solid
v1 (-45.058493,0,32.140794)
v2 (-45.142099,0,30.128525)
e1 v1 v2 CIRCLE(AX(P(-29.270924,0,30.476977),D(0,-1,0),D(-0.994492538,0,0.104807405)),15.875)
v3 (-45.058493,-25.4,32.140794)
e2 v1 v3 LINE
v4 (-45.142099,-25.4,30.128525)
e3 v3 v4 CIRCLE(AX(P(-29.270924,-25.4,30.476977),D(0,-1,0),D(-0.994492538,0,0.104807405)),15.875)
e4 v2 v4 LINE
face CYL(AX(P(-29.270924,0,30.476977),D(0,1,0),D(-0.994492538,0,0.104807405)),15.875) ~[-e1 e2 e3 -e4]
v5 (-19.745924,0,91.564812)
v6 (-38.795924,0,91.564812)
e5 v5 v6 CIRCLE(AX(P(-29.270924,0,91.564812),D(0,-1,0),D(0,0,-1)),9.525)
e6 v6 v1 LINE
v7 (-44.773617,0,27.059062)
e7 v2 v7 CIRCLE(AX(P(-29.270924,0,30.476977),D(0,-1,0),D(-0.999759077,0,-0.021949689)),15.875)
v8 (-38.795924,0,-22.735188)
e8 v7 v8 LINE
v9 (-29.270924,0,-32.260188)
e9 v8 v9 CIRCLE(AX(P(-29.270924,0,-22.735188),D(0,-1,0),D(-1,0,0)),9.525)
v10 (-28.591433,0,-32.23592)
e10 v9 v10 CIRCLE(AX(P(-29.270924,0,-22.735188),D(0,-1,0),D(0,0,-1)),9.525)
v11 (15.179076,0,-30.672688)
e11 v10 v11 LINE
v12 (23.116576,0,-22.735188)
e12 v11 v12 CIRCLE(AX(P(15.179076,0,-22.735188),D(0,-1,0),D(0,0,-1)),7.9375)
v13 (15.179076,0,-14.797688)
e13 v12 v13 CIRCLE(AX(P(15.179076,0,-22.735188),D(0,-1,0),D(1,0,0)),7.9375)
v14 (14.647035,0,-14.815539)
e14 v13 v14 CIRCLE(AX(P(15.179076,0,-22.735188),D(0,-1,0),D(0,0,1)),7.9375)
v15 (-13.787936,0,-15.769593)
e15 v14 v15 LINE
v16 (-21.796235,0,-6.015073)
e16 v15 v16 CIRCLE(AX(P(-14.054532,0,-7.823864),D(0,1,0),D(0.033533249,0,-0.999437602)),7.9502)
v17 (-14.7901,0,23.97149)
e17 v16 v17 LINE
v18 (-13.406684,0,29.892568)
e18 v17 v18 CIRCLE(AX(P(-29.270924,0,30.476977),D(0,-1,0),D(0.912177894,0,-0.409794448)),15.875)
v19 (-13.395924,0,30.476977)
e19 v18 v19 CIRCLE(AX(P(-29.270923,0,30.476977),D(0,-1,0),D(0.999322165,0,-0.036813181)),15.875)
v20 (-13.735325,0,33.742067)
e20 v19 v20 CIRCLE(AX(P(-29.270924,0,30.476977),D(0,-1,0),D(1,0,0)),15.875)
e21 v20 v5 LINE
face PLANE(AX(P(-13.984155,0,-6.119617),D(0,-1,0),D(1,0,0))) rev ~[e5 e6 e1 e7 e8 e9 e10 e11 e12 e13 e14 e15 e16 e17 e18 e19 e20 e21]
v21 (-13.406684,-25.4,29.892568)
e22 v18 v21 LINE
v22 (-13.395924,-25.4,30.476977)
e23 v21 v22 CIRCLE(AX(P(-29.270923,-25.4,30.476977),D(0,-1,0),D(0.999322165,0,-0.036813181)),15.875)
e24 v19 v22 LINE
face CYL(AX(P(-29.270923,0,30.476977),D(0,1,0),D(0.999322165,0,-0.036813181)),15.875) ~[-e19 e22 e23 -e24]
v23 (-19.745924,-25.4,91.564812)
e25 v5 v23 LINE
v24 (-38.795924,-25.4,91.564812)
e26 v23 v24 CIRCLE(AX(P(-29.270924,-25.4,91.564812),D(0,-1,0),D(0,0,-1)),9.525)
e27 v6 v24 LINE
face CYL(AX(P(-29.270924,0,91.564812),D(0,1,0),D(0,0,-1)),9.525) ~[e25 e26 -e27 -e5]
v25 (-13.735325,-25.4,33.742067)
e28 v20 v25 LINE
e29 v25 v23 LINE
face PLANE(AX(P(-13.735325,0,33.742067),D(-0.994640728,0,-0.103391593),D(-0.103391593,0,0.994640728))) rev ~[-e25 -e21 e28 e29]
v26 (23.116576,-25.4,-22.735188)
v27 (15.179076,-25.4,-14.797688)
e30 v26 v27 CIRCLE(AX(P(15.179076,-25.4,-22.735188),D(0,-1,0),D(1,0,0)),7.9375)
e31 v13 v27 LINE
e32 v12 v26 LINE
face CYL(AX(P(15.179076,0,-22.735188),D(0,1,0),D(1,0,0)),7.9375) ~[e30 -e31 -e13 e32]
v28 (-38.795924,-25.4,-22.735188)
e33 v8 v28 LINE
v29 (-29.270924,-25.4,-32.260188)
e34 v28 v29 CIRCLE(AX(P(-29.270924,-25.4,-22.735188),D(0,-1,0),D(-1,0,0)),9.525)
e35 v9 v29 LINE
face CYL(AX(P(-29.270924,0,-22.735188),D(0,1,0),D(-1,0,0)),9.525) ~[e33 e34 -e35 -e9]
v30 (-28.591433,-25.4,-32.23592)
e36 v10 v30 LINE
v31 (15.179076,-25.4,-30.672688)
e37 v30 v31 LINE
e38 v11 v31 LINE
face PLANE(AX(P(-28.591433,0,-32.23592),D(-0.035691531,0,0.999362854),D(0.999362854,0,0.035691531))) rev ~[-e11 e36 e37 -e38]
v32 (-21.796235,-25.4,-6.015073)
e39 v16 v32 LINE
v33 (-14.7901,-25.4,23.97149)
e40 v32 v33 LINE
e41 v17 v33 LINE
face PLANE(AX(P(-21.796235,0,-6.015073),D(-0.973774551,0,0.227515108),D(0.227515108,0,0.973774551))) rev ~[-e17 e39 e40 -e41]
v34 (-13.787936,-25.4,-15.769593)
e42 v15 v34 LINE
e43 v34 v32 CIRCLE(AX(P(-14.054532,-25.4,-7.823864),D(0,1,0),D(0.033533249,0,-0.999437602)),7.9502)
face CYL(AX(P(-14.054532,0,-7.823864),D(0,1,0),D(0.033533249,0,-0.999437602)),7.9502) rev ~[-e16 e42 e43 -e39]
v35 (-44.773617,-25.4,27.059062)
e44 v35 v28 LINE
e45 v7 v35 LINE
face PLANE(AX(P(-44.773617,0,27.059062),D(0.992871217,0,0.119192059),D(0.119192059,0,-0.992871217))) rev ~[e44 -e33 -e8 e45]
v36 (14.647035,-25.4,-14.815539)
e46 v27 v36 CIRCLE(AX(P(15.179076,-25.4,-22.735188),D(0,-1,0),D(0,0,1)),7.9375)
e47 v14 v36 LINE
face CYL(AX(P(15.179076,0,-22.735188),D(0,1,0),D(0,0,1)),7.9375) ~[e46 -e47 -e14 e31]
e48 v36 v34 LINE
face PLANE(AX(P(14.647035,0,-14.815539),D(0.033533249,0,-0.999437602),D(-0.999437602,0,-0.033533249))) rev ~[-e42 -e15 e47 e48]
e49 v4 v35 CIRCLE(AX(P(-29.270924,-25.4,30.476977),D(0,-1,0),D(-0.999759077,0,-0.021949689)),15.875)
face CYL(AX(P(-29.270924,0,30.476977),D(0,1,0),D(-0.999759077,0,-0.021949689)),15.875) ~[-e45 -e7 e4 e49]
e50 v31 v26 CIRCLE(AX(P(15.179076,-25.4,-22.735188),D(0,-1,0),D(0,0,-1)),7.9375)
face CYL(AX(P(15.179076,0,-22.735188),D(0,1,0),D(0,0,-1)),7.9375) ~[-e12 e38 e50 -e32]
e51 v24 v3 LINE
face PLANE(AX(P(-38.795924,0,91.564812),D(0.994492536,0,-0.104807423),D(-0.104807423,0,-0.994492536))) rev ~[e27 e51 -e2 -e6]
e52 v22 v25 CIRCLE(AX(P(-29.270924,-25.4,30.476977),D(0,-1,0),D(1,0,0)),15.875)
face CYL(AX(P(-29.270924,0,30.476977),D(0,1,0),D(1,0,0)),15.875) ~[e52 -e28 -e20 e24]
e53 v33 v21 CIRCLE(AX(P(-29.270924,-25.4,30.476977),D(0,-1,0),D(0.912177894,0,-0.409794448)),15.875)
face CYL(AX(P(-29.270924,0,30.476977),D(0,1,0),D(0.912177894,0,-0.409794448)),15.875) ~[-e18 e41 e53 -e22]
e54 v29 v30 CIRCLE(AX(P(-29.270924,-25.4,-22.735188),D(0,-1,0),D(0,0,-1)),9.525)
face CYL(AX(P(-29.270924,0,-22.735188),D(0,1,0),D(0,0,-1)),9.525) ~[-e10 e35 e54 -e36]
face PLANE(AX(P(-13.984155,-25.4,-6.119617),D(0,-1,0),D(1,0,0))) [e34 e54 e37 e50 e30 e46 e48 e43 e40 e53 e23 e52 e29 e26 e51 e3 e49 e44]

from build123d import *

# Parameters (mm, degrees)
F1_DEPTH = 25.4


with BuildPart() as f1:
    # F0 (on Front) → F1 (new body)
    with BuildSketch(Plane.XZ):
        with BuildLine():
            ThreePointArc((-14.7900995298, 23.9714898933), (-20.6470897327, 17.1486192201), (-29.2709236007, 14.6019767489))
            Line((-29.2709236007, 14.6019767489), (-29.2709236007, -13.2101878722))
            ThreePointArc((-29.2709236007, -13.2101878722), (-22.5357315099, -15.9999957814), (-19.7459236007, -22.7351878722))
            Line((-19.7459236007, -22.7351878722), (7.2415763993, -22.7351878722))
            ThreePointArc((7.2415763993, -22.7351878722), (9.3813621396, -17.3138950731), (14.6470354515, -14.8155389734))
            Line((14.6470354515, -14.8155389734), (-13.7879362186, -15.7695925283))
            ThreePointArc((-13.7879362186, -15.7695925283), (-20.1992020029, -12.868535521), (-21.7962346911, -6.0150730888))
            Line((-21.7962346911, -6.0150730888), (-14.7900995298, 23.9714898933))
        make_face()
        with BuildLine():
            ThreePointArc((14.6470354515, -14.8155389734), (9.3813621396, -17.3138950731), (7.2415763993, -22.7351878722))
            ThreePointArc((7.2415763993, -22.7351878722), (9.5664163236, -28.3478479478), (15.1790763993, -30.6726878722))
            ThreePointArc((15.1790763993, -30.6726878722), (20.791736475, -28.3478479478), (23.1165763993, -22.7351878722))
            ThreePointArc((23.1165763993, -22.7351878722), (20.791736475, -17.1225277965), (15.1790763993, -14.7976878722))
            Line((15.1790763993, -14.7976878722), (14.6470354515, -14.8155389734))
        make_face()
        with BuildLine():
            ThreePointArc((18.3540763993, -22.7351878722), (15.1790763993, -25.9101878722), (12.0040763993, -22.7351878722))
            ThreePointArc((12.0040763993, -22.7351878722), (15.1790763993, -19.5601878722), (18.3540763993, -22.7351878722))
        make_face(mode=Mode.SUBTRACT)
        with BuildLine():
            ThreePointArc((-29.2709236007, -13.2101878722), (-36.0061156915, -15.9999957814), (-38.7959236007, -22.7351878722))
            ThreePointArc((-38.7959236007, -22.7351878722), (-36.0061156915, -29.470379963), (-29.2709236007, -32.2601878722))
            Line((-29.2709236007, -32.2601878722), (-28.5914331548, -32.2359203562))
            ThreePointArc((-28.5914331548, -32.2359203562), (-22.2996334942, -29.2256993506), (-19.7459236007, -22.7351878722))
            Line((-19.7459236007, -22.7351878722), (-26.0959236007, -22.7351878722))
            ThreePointArc((-26.0959236007, -22.7351878722), (-31.515987631, -24.9802519024), (-29.2709236007, -19.5601878722))
            Line((-29.2709236007, -19.5601878722), (-29.2709236007, -13.2101878722))
        make_face()
        with BuildLine():
            ThreePointArc((-29.2709236007, 46.3519767489), (-39.8917173845, 42.2758904448), (-45.0584926384, 32.1407943115))
            ThreePointArc((-45.0584926384, 32.1407943115), (-45.1322391325, 31.135987068), (-45.1420989412, 30.1285254428))
            Line((-45.1420989412, 30.1285254428), (-44.7736165017, 27.0590624994))
            ThreePointArc((-44.7736165017, 27.0590624994), (-39.2146712918, 18.1021027352), (-29.2709236007, 14.6019767489))
            Line((-29.2709236007, 14.6019767489), (-29.2709236007, 27.3019767489))
            ThreePointArc((-29.2709236007, 27.3019767489), (-32.4459236007, 30.4769767489), (-29.2709236007, 33.6519767489))
            Line((-29.2709236007, 33.6519767489), (-29.2709236007, 46.3519767489))
        make_face()
        with BuildLine():
            ThreePointArc((-19.7459236007, 91.5648121278), (-22.5357315099, 84.829620037), (-29.2709236007, 82.0398121278))
            Line((-29.2709236007, 82.0398121278), (-29.2709236007, 70.1771767489))
            ThreePointArc((-29.2709236007, 70.1771767489), (-28.1483915856, 69.712208764), (-27.6834236007, 68.5896767489))
            ThreePointArc((-27.6834236007, 68.5896767489), (-28.1483915856, 67.4671447338), (-29.2709236007, 67.0021767489))
            Line((-29.2709236007, 67.0021767489), (-29.2709236007, 46.3519767489))
            ThreePointArc((-29.2709236007, 46.3519767489), (-19.2663667242, 42.8027410946), (-13.7353254347, 33.7420670425))
            Line((-13.7353254347, 33.7420670425), (-19.7459236007, 91.5648121278))
        make_face()
        with BuildLine():
            ThreePointArc((-29.2709236007, 14.6019767489), (-39.2146712918, 18.1021027352), (-44.7736165017, 27.0590624994))
            Line((-44.7736165017, 27.0590624994), (-38.7959236007, -22.7351878722))
            ThreePointArc((-38.7959236007, -22.7351878722), (-36.0061156915, -15.9999957814), (-29.2709236007, -13.2101878722))
            Line((-29.2709236007, -13.2101878722), (-29.2709236007, 14.6019767489))
        make_face()
        with BuildLine():
            ThreePointArc((-19.7459236007, -22.7351878722), (-22.5357315099, -15.9999957814), (-29.2709236007, -13.2101878722))
            Line((-29.2709236007, -13.2101878722), (-29.2709236007, -19.5601878722))
            ThreePointArc((-29.2709236007, -19.5601878722), (-27.0258595704, -20.4901238419), (-26.0959236007, -22.7351878722))
            Line((-26.0959236007, -22.7351878722), (-19.7459236007, -22.7351878722))
        make_face()
        with BuildLine():
            Line((7.2415763993, -22.7351878722), (-19.7459236007, -22.7351878722))
            ThreePointArc((-19.7459236007, -22.7351878722), (-22.2996334942, -29.2256993506), (-28.5914331548, -32.2359203562))
            Line((-28.5914331548, -32.2359203562), (15.1790763993, -30.6726878722))
            ThreePointArc((15.1790763993, -30.6726878722), (9.5664163236, -28.3478479478), (7.2415763993, -22.7351878722))
        make_face()
        with BuildLine():
            ThreePointArc((18.3540763993, -22.7351878722), (15.1790763993, -19.5601878722), (12.0040763993, -22.7351878722))
            ThreePointArc((12.0040763993, -22.7351878722), (15.1790763993, -25.9101878722), (18.3540763993, -22.7351878722))
        make_face()
        with BuildLine():
            Line((-29.2709236007, 27.3019767489), (-29.2709236007, 33.6519767489))
            ThreePointArc((-29.2709236007, 33.6519767489), (-32.4459236007, 30.4769767489), (-29.2709236007, 27.3019767489))
        make_face()
        with BuildLine():
            ThreePointArc((-26.0959236007, 30.4769767489), (-27.0258595704, 32.7220407792), (-29.2709236007, 33.6519767489))
            Line((-29.2709236007, 33.6519767489), (-29.2709236007, 27.3019767489))
            ThreePointArc((-29.2709236007, 27.3019767489), (-27.0258595704, 28.2319127186), (-26.0959236007, 30.4769767489))
        make_face()
        with BuildLine():
            ThreePointArc((-26.0959236007, -22.7351878722), (-27.0258595704, -20.4901238419), (-29.2709236007, -19.5601878722))
            Line((-29.2709236007, -19.5601878722), (-29.2709236007, -22.7351878722))
            Line((-29.2709236007, -22.7351878722), (-26.0959236007, -22.7351878722))
        make_face()
        with BuildLine():
            Line((-29.2709236007, -22.7351878722), (-29.2709236007, -19.5601878722))
            ThreePointArc((-29.2709236007, -19.5601878722), (-31.515987631, -24.9802519024), (-26.0959236007, -22.7351878722))
            Line((-26.0959236007, -22.7351878722), (-29.2709236007, -22.7351878722))
        make_face()
        with BuildLine():
            Line((-13.3959236007, 30.4769767489), (-13.7353254347, 33.7420670425))
            ThreePointArc((-13.7353254347, 33.7420670425), (-19.2663667242, 42.8027410946), (-29.2709236007, 46.3519767489))
            Line((-29.2709236007, 46.3519767489), (-29.2709236007, 33.6519767489))
            ThreePointArc((-29.2709236007, 33.6519767489), (-27.0258595704, 32.7220407792), (-26.0959236007, 30.4769767489))
            ThreePointArc((-26.0959236007, 30.4769767489), (-27.0258595704, 28.2319127186), (-29.2709236007, 27.3019767489))
            Line((-29.2709236007, 27.3019767489), (-29.2709236007, 14.6019767489))
            ThreePointArc((-29.2709236007, 14.6019767489), (-20.6470897327, 17.1486192201), (-14.7900995298, 23.9714898933))
            Line((-14.7900995298, 23.9714898933), (-13.4066842293, 29.8925675039))
            ThreePointArc((-13.4066842293, 29.8925675039), (-13.3986139858, 30.1847225972), (-13.3959236007, 30.4769767489))
        make_face()
        with BuildLine():
            ThreePointArc((-13.3959236007, 30.4769767489), (-13.4810020384, 32.1183182909), (-13.7353254347, 33.7420670425))
            Line((-13.7353254347, 33.7420670425), (-13.3959236007, 30.4769767489))
        make_face()
        with BuildLine():
            Line((-44.7736165017, 27.0590624994), (-45.1420989412, 30.1285254428))
            ThreePointArc((-45.1420989412, 30.1285254428), (-45.0327541669, 28.5848028135), (-44.7736165017, 27.0590624994))
        make_face()
        with BuildLine():
            ThreePointArc((-14.7900995298, 23.9714898933), (-13.8122526084, 26.8651744076), (-13.4066842293, 29.8925675039))
            Line((-13.4066842293, 29.8925675039), (-14.7900995298, 23.9714898933))
        make_face()
        with BuildLine():
            Line((-28.5914331548, -32.2359203562), (-29.2709236007, -32.2601878722))
            ThreePointArc((-29.2709236007, -32.2601878722), (-28.9309617726, -32.2541190598), (-28.5914331548, -32.2359203562))
        make_face()
        with BuildLine():
            ThreePointArc((15.1790763993, -14.7976878722), (14.9129062319, -14.8021519028), (14.6470354515, -14.8155389734))
            Line((14.6470354515, -14.8155389734), (15.1790763993, -14.7976878722))
        make_face()
        with BuildLine():
            Line((-29.2709236007, 67.0021767489), (-29.2709236007, 70.1771767489))
            ThreePointArc((-29.2709236007, 70.1771767489), (-30.8584236007, 68.5896767489), (-29.2709236007, 67.0021767489))
        make_face()
        with BuildLine():
            ThreePointArc((-27.6834236007, 68.5896767489), (-28.1483915856, 69.712208764), (-29.2709236007, 70.1771767489))
            Line((-29.2709236007, 70.1771767489), (-29.2709236007, 67.0021767489))
            ThreePointArc((-29.2709236007, 67.0021767489), (-28.1483915856, 67.4671447338), (-27.6834236007, 68.5896767489))
        make_face()
        with BuildLine():
            Line((-29.2709236007, 70.1771767489), (-29.2709236007, 82.0398121278))
            ThreePointArc((-29.2709236007, 82.0398121278), (-36.0061156915, 84.829620037), (-38.7959236007, 91.5648121278))
            Line((-38.7959236007, 91.5648121278), (-45.0584926384, 32.1407943115))
            ThreePointArc((-45.0584926384, 32.1407943115), (-39.8917173845, 42.2758904448), (-29.2709236007, 46.3519767489))
            Line((-29.2709236007, 46.3519767489), (-29.2709236007, 67.0021767489))
            ThreePointArc((-29.2709236007, 67.0021767489), (-30.8584236007, 68.5896767489), (-29.2709236007, 70.1771767489))
        make_face()
        with BuildLine():
            ThreePointArc((-38.7959236007, 91.5648121278), (-36.0061156915, 84.829620037), (-29.2709236007, 82.0398121278))
            ThreePointArc((-29.2709236007, 82.0398121278), (-22.5357315099, 84.829620037), (-19.7459236007, 91.5648121278))
            ThreePointArc((-19.7459236007, 91.5648121278), (-29.2709236007, 101.0898121278), (-38.7959236007, 91.5648121278))
        make_face()
        with BuildLine():
            ThreePointArc((-26.0959236007, 91.5648121278), (-27.0258595704, 89.3197480976), (-29.2709236007, 88.3898121278))
            ThreePointArc((-29.2709236007, 88.3898121278), (-31.515987631, 93.8098761581), (-26.0959236007, 91.5648121278))
        make_face(mode=Mode.SUBTRACT)
        with BuildLine():
            ThreePointArc((-26.0959236007, 91.5648121278), (-31.515987631, 93.8098761581), (-29.2709236007, 88.3898121278))
            ThreePointArc((-29.2709236007, 88.3898121278), (-27.0258595704, 89.3197480976), (-26.0959236007, 91.5648121278))
        make_face()
    extrude(amount=F1_DEPTH)


solid = f1.part
